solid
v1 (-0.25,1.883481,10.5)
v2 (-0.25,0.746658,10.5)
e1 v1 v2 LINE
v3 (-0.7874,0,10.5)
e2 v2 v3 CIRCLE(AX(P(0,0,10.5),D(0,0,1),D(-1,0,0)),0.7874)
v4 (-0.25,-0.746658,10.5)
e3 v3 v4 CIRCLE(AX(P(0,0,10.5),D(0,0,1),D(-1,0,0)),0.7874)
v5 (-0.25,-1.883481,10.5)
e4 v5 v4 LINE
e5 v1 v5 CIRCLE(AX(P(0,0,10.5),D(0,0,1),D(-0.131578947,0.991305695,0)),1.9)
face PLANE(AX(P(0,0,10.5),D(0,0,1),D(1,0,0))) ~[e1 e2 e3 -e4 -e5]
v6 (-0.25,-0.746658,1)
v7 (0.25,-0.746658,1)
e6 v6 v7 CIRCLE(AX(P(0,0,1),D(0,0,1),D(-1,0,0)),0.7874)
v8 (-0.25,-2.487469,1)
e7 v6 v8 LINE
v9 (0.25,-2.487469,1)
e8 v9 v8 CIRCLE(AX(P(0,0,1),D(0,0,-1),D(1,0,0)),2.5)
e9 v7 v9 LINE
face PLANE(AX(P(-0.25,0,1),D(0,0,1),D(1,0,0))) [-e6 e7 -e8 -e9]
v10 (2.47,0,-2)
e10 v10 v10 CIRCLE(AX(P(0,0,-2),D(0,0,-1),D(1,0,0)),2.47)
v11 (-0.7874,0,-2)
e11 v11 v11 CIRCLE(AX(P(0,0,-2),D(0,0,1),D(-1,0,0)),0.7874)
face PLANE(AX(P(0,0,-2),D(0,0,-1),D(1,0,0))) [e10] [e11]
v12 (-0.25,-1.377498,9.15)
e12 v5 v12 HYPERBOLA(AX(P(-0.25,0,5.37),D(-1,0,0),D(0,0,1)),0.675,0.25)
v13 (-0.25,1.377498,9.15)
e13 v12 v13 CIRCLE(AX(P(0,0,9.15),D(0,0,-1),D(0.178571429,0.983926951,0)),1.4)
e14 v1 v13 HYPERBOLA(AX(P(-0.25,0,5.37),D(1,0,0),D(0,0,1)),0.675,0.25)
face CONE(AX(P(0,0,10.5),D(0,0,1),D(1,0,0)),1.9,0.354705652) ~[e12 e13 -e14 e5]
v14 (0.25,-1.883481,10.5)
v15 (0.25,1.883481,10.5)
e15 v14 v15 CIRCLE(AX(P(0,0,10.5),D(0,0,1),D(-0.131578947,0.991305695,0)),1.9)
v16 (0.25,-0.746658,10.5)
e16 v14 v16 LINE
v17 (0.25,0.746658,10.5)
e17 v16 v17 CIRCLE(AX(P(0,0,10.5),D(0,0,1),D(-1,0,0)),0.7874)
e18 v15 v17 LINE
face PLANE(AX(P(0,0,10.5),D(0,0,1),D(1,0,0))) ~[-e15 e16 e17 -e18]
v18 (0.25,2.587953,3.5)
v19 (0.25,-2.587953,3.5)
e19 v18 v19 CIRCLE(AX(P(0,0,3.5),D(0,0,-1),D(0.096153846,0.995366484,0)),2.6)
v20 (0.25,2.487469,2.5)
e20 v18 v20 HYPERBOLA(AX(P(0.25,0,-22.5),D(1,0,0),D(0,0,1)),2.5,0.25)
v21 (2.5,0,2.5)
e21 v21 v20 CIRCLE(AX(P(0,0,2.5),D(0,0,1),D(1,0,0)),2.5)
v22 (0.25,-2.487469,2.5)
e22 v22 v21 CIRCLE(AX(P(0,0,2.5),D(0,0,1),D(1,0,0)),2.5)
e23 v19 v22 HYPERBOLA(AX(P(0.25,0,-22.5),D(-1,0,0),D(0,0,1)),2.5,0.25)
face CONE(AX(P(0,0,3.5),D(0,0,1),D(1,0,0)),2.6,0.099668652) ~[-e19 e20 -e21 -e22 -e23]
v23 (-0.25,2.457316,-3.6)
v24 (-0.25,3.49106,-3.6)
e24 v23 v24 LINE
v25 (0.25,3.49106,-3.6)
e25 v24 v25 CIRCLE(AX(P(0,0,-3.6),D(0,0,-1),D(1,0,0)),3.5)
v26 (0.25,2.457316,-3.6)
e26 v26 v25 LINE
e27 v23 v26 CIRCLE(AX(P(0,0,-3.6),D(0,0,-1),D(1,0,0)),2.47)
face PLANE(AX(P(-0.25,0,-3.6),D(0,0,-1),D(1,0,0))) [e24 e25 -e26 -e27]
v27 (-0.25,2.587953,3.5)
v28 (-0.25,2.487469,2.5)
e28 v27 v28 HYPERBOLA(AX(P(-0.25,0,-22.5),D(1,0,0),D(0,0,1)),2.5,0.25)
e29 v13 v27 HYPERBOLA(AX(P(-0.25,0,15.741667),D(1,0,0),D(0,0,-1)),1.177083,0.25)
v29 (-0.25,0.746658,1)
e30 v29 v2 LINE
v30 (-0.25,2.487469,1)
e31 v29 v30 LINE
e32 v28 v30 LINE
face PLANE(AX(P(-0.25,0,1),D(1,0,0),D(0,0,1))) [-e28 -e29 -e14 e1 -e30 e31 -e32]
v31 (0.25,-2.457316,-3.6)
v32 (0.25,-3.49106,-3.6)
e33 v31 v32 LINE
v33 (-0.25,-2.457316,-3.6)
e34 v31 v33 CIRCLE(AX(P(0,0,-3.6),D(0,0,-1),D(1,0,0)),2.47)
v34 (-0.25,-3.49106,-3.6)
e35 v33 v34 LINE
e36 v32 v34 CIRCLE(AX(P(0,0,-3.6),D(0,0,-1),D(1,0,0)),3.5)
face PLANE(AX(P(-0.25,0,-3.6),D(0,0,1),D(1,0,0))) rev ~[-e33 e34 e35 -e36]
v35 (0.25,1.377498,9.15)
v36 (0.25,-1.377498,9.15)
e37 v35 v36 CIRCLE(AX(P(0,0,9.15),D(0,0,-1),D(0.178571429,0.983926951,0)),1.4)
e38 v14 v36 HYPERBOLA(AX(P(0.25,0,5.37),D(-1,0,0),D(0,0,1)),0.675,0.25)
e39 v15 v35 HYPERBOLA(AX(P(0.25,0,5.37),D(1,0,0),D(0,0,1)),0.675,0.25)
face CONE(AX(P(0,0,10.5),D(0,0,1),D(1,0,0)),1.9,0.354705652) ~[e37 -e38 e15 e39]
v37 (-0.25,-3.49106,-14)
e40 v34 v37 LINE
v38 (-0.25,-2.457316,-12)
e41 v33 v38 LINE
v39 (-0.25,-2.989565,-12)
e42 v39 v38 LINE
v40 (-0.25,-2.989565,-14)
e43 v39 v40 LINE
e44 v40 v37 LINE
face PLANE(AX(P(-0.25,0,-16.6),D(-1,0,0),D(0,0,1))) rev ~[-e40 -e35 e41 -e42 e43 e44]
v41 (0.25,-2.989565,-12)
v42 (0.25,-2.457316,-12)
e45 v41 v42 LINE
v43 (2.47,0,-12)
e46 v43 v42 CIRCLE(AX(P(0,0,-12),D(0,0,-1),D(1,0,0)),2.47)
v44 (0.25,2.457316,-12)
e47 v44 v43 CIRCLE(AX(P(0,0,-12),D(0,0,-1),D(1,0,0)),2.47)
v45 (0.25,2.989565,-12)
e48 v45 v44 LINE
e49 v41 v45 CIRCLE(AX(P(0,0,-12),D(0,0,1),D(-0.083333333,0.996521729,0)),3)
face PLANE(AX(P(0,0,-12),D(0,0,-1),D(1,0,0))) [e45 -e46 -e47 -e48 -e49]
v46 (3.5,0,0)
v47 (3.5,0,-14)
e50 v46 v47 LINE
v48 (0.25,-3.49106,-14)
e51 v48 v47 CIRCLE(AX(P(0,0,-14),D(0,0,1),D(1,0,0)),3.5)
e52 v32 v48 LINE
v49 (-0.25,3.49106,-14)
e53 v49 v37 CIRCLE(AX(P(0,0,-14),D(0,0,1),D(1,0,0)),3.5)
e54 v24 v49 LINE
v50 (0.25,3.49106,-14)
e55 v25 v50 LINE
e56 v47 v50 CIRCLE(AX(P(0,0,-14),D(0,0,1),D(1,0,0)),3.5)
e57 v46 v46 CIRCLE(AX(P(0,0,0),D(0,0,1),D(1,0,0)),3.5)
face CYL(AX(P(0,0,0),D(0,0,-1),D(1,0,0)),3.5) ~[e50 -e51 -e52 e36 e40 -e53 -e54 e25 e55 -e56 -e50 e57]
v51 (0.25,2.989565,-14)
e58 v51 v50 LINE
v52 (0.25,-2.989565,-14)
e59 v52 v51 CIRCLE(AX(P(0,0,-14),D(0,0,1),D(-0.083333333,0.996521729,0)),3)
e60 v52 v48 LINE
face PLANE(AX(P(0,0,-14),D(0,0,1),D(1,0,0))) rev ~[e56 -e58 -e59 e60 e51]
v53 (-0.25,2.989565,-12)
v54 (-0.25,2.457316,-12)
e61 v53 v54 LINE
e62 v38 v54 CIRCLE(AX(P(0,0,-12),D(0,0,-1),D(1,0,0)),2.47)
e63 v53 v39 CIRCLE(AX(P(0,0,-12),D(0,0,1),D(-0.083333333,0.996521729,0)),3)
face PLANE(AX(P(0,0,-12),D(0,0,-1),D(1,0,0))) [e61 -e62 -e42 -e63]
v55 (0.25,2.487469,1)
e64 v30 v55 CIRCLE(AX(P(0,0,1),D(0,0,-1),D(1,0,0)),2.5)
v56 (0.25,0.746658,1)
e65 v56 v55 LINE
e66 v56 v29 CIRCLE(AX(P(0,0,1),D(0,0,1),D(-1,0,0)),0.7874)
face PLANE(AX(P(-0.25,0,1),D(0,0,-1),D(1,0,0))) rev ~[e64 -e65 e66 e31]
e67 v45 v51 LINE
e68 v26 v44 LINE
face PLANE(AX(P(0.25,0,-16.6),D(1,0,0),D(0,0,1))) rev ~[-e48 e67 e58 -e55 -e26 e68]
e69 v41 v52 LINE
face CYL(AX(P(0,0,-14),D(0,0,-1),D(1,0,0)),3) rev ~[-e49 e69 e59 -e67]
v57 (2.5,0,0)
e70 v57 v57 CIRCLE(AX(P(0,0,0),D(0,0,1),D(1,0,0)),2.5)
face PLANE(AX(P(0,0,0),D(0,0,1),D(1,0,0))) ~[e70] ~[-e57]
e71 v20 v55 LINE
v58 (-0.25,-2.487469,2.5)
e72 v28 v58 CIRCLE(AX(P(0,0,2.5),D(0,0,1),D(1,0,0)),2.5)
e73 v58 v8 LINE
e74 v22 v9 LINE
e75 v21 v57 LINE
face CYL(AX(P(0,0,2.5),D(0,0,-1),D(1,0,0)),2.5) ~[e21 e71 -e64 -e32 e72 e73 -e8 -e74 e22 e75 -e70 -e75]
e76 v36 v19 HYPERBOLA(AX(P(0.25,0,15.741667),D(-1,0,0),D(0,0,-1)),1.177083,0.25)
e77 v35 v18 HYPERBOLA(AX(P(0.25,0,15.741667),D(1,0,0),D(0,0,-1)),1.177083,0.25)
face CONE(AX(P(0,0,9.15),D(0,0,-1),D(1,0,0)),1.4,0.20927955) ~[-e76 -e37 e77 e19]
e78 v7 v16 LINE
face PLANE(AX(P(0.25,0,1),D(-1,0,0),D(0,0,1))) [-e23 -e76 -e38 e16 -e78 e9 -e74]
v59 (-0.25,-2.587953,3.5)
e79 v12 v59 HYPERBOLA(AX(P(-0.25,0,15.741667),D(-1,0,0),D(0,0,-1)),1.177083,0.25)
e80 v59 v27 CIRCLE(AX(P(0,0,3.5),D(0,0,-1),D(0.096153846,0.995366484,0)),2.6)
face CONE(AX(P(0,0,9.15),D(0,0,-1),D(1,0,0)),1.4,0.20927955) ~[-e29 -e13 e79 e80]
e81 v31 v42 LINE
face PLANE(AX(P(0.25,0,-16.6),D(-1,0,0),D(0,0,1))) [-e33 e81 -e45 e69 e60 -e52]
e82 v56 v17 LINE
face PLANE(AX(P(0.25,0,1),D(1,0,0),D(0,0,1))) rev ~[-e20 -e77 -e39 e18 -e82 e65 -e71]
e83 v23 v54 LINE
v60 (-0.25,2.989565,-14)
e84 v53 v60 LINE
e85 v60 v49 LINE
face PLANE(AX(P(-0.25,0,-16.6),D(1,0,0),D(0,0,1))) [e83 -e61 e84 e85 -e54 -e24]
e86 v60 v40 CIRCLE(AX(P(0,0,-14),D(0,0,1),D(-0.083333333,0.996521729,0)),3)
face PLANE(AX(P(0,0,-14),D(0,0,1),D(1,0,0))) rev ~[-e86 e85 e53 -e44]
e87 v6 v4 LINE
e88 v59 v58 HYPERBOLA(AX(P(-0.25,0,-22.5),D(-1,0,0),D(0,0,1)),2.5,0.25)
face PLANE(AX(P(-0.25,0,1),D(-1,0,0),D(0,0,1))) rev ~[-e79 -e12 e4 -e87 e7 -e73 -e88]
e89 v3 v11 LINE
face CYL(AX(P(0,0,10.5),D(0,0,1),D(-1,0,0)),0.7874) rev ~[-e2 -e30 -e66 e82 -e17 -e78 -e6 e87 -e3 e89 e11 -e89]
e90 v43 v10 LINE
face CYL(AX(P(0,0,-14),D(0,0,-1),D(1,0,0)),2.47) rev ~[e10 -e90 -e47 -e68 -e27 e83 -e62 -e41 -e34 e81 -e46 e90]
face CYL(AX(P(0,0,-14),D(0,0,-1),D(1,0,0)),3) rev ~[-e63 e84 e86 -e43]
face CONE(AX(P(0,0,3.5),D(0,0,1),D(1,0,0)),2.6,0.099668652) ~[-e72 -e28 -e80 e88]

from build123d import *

# Parameters (mm, degrees)
SKETCH001_R          = 2.47
POCKET_DEPTH         = 12
SKETCH002_R          = 0.7874
POCKET001_DEPTH      = 24.501
SKETCH003_R          = 3
POCKET002_DEPTH      = 2
SKETCH004_W          = 0.5
SKETCH004_H          = 15
SKETCH004_H_2        = 13
POCKET003_DEPTH      = 5
POCKET003_DEPTH_BACK = -5


with BuildPart() as part:
    # Sketch → Revolution (revolve)
    with BuildSketch(Plane.XZ):
        Polygon((2.5, 0), (3.5, 0), (3.5, -14), (0, -14), (0, 0), (0, 10.5), (1.9, 10.5), (1.4, 9.15), (2.6, 3.5), (2.5, 2.5), align=None)
    revolve(axis=Axis((0, 0, 0), (0, 0, 1)))

    # Sketch001 (on Face5 of Revolution) → Pocket (cut)
    with BuildSketch(Plane(origin=(0, 0, -14), x_dir=(1, 0, 0), z_dir=(0, 0, -1))):
        Circle(SKETCH001_R)
    extrude(amount=-POCKET_DEPTH, mode=Mode.SUBTRACT)

    # Sketch002 (on Face6 of Pocket) → Pocket001 (cut, through all)
    with BuildSketch(Plane(origin=(0, 0, 10.5), x_dir=(-1, 0, 0), z_dir=(0, 0, 1))):
        Circle(SKETCH002_R)
    extrude(amount=-POCKET001_DEPTH, mode=Mode.SUBTRACT)

    # Sketch003 (on Face9 of Pocket001) → Pocket002 (cut)
    with BuildSketch(Plane(origin=(0, 0, -14), x_dir=(1, 0, 0), z_dir=(0, 0, -1))):
        Circle(SKETCH003_R)
    extrude(amount=-POCKET002_DEPTH, mode=Mode.SUBTRACT)

    # Sketch004 → Pocket003 (cut, two sides)
    with BuildSketch(Plane.XZ) as pocket003_sk:
        with Locations((0, 8.5)):
            Rectangle(SKETCH004_W, SKETCH004_H)
        with Locations((0, -10.1)):
            Rectangle(SKETCH004_W, SKETCH004_H_2)
    extrude(amount=-POCKET003_DEPTH, mode=Mode.SUBTRACT)
    extrude(pocket003_sk.sketch, amount=-POCKET003_DEPTH_BACK, mode=Mode.SUBTRACT)


solid = part.part
